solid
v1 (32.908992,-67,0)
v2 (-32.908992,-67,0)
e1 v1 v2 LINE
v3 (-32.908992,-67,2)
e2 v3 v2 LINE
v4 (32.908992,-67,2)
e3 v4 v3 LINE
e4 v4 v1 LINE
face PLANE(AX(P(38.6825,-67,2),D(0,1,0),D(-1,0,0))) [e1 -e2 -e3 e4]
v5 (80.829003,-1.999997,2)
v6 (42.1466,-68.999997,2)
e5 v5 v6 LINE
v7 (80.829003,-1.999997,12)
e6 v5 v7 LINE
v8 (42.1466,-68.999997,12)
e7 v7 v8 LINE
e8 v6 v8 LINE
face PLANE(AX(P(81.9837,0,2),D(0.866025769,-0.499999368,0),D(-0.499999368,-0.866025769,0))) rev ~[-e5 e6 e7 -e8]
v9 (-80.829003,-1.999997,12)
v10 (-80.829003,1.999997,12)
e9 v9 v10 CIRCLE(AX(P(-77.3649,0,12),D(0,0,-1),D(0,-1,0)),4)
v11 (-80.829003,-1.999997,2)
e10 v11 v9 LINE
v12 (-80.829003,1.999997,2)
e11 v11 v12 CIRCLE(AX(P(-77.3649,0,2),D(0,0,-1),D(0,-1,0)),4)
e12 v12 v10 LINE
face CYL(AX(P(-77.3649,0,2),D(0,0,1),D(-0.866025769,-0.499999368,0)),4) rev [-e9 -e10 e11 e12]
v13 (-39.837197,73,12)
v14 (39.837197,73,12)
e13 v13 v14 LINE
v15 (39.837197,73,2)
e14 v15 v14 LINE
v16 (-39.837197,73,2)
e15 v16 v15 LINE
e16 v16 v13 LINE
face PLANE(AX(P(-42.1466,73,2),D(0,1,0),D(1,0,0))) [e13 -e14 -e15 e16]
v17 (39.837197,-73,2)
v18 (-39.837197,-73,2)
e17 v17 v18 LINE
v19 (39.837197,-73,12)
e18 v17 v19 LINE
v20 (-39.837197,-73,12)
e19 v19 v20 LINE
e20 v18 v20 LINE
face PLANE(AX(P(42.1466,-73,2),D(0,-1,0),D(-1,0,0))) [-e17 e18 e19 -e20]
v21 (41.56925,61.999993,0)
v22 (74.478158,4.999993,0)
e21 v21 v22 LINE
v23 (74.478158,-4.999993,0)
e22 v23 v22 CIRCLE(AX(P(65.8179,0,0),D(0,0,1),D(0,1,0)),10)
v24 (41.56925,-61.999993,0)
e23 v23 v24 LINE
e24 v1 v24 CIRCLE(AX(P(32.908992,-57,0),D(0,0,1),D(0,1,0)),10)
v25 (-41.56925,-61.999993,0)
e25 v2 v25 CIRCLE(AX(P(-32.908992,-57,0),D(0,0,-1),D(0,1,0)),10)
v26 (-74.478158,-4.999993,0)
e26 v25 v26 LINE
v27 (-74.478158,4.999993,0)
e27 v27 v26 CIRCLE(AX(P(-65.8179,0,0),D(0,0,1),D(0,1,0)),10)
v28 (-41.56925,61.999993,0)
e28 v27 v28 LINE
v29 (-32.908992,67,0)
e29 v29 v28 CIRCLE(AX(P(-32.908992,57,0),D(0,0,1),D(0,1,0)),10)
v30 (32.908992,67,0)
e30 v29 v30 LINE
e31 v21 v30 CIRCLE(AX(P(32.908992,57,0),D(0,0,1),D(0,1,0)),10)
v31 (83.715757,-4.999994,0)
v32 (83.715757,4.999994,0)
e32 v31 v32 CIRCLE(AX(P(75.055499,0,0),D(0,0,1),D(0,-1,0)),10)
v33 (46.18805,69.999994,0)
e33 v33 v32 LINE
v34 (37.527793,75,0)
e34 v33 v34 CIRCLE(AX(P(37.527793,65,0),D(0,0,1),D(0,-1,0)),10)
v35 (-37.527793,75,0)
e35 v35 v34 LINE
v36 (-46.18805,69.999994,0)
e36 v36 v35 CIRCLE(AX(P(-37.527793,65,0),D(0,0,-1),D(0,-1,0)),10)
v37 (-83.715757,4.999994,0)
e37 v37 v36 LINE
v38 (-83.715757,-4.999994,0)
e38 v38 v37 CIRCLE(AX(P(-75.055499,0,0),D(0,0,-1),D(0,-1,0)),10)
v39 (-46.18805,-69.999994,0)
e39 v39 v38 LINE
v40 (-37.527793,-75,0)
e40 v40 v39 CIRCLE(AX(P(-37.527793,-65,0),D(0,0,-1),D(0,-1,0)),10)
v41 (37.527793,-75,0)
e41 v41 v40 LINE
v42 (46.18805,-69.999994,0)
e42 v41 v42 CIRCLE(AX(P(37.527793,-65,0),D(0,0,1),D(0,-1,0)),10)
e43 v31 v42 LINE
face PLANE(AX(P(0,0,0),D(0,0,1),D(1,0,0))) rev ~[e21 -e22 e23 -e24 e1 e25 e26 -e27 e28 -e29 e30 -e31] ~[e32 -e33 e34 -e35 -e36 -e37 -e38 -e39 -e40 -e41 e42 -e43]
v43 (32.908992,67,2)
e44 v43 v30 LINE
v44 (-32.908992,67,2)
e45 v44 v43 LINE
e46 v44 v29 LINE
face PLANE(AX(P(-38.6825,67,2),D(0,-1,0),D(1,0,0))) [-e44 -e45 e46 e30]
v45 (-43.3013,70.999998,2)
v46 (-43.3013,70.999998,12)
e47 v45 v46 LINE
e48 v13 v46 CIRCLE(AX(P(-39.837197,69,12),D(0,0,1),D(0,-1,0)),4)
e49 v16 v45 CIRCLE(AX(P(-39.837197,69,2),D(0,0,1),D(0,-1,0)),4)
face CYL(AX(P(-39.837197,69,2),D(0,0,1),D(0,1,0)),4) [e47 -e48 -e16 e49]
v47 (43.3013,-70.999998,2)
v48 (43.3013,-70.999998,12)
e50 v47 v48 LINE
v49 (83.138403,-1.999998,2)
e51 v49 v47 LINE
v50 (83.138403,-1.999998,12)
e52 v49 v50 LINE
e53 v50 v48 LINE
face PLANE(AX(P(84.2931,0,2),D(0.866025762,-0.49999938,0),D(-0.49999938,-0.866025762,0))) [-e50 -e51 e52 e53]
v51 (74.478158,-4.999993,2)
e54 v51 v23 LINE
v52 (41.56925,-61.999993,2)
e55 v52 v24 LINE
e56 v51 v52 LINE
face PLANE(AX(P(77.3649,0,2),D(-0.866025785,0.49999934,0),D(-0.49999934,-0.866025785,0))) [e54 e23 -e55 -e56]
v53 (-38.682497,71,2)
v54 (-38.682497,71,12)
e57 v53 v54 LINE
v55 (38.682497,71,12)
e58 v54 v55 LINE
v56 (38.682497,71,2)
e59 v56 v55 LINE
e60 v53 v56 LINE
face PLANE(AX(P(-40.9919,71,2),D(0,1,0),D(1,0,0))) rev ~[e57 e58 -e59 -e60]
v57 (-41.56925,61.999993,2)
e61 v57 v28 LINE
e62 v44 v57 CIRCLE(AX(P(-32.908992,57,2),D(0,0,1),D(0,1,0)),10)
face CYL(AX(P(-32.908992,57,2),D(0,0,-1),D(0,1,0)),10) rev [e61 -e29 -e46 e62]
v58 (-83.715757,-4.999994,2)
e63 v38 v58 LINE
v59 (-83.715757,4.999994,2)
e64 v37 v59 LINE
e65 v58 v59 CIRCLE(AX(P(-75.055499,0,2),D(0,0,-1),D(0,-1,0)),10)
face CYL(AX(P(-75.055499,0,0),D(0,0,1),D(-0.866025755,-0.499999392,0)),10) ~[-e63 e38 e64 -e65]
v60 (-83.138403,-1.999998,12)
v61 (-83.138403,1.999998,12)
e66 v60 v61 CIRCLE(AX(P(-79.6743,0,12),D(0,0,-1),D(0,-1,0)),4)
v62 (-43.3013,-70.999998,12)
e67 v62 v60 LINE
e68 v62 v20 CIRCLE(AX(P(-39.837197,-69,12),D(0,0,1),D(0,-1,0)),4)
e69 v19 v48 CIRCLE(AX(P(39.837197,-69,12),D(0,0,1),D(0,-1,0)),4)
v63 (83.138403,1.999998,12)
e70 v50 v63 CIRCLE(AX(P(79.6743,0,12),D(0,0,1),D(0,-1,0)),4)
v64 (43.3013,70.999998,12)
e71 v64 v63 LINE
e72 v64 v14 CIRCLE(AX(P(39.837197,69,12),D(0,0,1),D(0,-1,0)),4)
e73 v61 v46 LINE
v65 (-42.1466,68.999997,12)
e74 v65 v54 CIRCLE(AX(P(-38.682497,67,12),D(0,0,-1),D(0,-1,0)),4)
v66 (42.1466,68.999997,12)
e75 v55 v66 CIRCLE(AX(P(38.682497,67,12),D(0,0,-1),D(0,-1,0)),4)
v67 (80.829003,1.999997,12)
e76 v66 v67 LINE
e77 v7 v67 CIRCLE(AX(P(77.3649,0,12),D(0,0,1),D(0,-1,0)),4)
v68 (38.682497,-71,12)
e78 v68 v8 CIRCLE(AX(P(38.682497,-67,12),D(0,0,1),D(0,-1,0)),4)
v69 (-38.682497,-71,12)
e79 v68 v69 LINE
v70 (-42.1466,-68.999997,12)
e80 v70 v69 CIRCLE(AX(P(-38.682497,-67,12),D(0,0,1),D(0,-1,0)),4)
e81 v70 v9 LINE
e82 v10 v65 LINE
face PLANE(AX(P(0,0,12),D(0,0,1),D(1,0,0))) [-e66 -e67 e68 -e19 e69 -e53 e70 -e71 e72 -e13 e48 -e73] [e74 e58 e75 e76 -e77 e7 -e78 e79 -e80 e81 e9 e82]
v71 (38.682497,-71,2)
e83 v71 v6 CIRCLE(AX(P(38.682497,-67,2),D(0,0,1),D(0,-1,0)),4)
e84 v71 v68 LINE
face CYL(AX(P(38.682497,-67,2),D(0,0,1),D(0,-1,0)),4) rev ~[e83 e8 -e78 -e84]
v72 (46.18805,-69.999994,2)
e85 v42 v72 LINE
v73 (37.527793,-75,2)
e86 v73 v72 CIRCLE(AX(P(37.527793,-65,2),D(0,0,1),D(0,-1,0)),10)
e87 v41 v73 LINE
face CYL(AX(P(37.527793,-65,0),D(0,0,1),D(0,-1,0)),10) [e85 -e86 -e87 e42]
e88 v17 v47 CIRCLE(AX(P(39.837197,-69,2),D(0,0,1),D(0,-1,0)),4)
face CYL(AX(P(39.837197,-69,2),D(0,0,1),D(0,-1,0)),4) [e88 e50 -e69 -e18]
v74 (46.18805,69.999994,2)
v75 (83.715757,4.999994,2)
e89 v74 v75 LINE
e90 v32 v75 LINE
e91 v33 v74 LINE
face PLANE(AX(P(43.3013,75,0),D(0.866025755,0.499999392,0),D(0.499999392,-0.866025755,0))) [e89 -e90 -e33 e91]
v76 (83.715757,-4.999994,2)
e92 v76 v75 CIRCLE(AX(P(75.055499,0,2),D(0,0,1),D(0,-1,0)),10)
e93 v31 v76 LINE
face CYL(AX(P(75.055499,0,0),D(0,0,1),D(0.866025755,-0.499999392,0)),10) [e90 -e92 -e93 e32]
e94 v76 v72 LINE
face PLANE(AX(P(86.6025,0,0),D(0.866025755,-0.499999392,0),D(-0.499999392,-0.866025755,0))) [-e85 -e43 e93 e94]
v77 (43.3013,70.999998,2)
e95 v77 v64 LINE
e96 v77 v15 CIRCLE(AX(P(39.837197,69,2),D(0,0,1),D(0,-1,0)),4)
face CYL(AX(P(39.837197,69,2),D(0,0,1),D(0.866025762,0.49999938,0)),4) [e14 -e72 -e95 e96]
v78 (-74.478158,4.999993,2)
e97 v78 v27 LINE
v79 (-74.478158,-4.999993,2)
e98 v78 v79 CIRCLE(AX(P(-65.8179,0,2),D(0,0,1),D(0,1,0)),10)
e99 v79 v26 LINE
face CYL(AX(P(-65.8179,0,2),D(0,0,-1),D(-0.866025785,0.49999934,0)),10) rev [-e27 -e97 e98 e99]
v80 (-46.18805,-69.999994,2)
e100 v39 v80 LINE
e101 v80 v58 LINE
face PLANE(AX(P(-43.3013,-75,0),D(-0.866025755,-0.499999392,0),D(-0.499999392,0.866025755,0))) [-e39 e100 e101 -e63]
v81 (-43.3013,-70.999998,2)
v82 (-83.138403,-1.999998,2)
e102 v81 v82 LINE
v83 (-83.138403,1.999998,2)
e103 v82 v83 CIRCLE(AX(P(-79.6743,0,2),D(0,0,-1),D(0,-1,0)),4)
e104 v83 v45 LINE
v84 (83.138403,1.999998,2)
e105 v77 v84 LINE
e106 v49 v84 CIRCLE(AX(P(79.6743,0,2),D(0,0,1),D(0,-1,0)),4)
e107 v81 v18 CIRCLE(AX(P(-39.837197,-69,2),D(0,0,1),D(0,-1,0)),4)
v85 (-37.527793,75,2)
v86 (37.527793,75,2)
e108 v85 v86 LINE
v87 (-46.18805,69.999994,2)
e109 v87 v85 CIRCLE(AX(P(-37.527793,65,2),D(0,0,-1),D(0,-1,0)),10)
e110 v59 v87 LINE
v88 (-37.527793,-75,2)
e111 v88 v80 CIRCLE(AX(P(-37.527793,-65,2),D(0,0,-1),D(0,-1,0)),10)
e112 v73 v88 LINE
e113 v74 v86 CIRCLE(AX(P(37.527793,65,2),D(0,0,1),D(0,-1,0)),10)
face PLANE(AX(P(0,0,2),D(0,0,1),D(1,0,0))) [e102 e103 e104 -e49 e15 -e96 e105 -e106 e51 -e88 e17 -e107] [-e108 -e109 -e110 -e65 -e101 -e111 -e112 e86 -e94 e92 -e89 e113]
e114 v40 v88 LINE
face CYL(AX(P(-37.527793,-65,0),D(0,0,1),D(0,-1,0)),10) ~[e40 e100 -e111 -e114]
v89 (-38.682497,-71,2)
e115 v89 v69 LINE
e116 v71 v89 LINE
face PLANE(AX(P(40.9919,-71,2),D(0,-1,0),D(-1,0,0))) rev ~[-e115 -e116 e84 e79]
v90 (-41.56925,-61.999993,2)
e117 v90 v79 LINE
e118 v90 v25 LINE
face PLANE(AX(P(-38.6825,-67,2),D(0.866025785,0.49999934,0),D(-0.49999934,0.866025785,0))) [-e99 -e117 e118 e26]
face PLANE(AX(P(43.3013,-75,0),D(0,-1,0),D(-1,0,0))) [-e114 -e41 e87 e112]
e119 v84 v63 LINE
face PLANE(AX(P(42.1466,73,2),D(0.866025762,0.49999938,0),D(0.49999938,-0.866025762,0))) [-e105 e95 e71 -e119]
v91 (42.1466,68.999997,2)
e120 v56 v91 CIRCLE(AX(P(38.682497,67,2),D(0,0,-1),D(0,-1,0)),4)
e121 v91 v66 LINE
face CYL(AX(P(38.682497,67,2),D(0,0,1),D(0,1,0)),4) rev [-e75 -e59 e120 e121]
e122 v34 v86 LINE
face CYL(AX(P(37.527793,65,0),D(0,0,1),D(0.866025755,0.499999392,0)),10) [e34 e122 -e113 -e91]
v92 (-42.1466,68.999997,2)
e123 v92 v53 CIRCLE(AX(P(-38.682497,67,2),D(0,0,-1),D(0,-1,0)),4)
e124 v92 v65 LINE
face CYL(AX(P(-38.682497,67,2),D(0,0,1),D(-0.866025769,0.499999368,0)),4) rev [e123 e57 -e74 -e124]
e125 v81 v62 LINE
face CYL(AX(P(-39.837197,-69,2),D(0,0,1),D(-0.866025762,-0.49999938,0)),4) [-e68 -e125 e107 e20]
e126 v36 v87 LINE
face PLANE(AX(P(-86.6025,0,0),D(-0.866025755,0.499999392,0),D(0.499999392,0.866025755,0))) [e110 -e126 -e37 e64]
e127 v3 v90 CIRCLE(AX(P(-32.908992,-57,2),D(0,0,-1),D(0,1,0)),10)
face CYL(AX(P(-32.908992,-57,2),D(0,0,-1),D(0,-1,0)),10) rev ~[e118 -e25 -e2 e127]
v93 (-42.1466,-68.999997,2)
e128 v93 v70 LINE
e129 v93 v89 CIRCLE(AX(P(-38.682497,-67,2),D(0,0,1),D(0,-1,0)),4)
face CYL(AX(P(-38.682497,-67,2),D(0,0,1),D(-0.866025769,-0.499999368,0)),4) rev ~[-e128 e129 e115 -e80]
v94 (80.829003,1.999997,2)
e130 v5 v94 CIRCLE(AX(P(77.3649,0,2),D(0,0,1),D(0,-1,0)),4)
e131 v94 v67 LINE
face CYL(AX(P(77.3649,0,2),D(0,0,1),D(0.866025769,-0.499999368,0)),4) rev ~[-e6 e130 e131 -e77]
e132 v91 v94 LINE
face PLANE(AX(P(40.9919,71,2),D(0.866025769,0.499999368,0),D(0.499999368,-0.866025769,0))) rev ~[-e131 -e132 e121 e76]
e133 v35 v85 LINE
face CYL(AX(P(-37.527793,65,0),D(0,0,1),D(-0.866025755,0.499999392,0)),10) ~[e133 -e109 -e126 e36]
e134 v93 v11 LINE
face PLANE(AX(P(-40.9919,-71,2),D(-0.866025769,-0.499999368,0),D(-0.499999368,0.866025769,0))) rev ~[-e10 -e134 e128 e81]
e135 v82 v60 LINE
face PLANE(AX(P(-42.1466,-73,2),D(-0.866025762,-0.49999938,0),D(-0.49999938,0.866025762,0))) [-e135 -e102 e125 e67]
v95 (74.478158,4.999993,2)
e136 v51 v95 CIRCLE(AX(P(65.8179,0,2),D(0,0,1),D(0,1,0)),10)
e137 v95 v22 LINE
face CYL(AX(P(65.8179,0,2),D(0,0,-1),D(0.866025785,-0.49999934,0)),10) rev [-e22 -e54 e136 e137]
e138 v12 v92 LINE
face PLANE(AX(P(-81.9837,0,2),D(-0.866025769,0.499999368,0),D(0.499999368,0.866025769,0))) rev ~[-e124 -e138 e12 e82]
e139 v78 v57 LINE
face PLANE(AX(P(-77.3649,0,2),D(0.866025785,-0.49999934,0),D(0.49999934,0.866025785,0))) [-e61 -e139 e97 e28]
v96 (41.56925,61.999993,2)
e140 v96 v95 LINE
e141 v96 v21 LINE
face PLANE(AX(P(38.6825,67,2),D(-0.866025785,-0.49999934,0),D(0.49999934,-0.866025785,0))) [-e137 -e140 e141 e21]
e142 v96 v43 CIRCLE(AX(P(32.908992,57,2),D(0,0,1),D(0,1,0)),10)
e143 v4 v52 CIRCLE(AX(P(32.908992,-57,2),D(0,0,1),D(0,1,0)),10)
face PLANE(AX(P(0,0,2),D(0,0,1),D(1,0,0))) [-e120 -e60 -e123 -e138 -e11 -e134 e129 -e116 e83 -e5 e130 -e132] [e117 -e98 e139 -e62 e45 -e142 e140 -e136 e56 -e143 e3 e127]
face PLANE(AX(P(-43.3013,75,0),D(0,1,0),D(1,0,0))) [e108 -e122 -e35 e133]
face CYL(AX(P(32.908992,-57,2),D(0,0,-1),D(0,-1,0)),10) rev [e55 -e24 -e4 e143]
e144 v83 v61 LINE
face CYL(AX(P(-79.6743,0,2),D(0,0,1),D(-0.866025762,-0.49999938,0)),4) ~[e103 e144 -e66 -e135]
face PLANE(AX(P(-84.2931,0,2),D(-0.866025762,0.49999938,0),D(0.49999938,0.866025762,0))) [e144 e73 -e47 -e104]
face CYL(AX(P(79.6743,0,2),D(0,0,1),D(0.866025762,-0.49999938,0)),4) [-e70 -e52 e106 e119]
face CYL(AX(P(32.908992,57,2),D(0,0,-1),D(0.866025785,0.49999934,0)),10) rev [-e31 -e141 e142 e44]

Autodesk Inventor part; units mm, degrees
ref_plane "YZ Plane" through (0, 0, 0) normal (1, 0, 0) x (0, 1, 0)
ref_plane "XZ Plane" through (0, 0, 0) normal (0, 1, 0) x (-1, 0, 0)
ref_plane "XY Plane" through (0, 0, 0) normal (0, 0, 1) x (1, 0, 0)
sketch "Sketch1" plane through (0, 0, 0) normal (0, 0, 1) x (1, 0, 0)
  line L0 (43.3013, -75) -> (-43.3013, -75)
  line L1 (-43.3013, -75) -> (-86.6025, 0)
  line L2 (-86.6025, 0) -> (-43.3013, 75)
  line L3 (-43.3013, 75) -> (43.3013, 75)
  line L4 (43.3013, 75) -> (86.6025, 0)
  line L5 (86.6025, 0) -> (43.3013, -75)
  point P0 (0, 0)
  point P1 (0, 0)
  dimension "d0" = 150
extrude "Extrusion1" add sketch "Sketch1" along normal blind 2
sketch "Sketch5" plane through (0, 0, 2) normal (0, 0, 1) x (1, 0, 0)
  line L0 (-43.3013, -75) -> (43.3013, -75) projected
  line L1 (43.3013, -75) -> (86.6025, 0) projected
  line L2 (86.6025, 0) -> (43.3013, 75) projected
  line L3 (43.3013, 75) -> (-43.3013, 75) projected
  line L4 (-43.3013, 75) -> (-86.6025, 0) projected
  line L5 (-86.6025, 0) -> (-43.3013, -75) projected
  line L6 (-84.2931, 0) -> (-42.1466, 73)
  line L7 (-42.1466, 73) -> (42.1466, 73)
  line L8 (42.1466, 73) -> (84.2931, 0)
  line L9 (84.2931, 0) -> (42.1466, -73)
  line L10 (42.1466, -73) -> (-42.1466, -73)
  line L11 (-42.1466, -73) -> (-84.2931, 0)
  line L12 (-81.9837, 0) -> (-40.9919, 71)
  line L13 (-40.9919, 71) -> (40.9919, 71)
  line L14 (40.9919, 71) -> (81.9837, 0)
  line L15 (81.9837, 0) -> (40.9919, -71)
  line L16 (40.9919, -71) -> (-40.9919, -71)
  line L17 (-40.9919, -71) -> (-81.9837, 0)
  point P0 (0, 0)
  dimension "d15" = 2
  dimension "d16" = 2
extrude "Extrusion5" add sketch "Sketch5" along normal blind 10 contours L6 L7 L8 L9 L10 L11
sketch "Sketch7" plane through (0, 0, 2) normal (0, 0, 1) x (1, 0, 0)
  line L0 (40.9919, 71) -> (-40.9919, 71) projected
  line L1 (-40.9919, 71) -> (-81.9837, 0) projected
  line L2 (-81.9837, 0) -> (-40.9919, -71) projected
  line L3 (-40.9919, -71) -> (40.9919, -71) projected
  line L4 (40.9919, -71) -> (81.9837, 0) projected
  line L5 (81.9837, 0) -> (40.9919, 71) projected
  line L6 (-38.6825, -67) -> (-77.3649, 0)
  line L7 (-77.3649, 0) -> (-38.6825, 67)
  line L8 (-38.6825, 67) -> (38.6825, 67)
  line L9 (38.6825, 67) -> (77.3649, 0)
  line L10 (77.3649, 0) -> (38.6825, -67)
  line L11 (38.6825, -67) -> (-38.6825, -67)
  point P0 (0, 0)
  dimension "d19" = 4
extrude "Extrusion6" cut sketch "Sketch7" against normal blind 7 contours L6 L7 L8 L9 L10 L11
fillet "Fillet1" radius 10 6 edges at (43.3013, 75, 1) (86.6025, 0, 1) (43.3013, -75, 1) (-43.3013, -75, 1) (-86.6025, 0, 1) (-43.3013, 75, 1)
fillet "Fillet1" radius 4 12 edges at (42.1466, -73, 7) (-40.9919, -71, 7) (-84.2931, 0, 7) (-42.1466, 73, 7) (42.1466, 73, 7) (84.2931, 0, 7) (40.9919, -71, 7) (81.9837, 0, 7) (-40.9919, 71, 7) (40.9919, 71, 7) (-42.1466, -73, 7) (-81.9837, 0, 7)
fillet "Fillet2" radius 10 6 edges at (38.6825, -67, 1) (77.3649, 0, 1) (38.6825, 67, 1) (-38.6825, 67, 1) (-77.3649, 0, 1) (-38.6825, -67, 1)
properties part number "Cover v1"
